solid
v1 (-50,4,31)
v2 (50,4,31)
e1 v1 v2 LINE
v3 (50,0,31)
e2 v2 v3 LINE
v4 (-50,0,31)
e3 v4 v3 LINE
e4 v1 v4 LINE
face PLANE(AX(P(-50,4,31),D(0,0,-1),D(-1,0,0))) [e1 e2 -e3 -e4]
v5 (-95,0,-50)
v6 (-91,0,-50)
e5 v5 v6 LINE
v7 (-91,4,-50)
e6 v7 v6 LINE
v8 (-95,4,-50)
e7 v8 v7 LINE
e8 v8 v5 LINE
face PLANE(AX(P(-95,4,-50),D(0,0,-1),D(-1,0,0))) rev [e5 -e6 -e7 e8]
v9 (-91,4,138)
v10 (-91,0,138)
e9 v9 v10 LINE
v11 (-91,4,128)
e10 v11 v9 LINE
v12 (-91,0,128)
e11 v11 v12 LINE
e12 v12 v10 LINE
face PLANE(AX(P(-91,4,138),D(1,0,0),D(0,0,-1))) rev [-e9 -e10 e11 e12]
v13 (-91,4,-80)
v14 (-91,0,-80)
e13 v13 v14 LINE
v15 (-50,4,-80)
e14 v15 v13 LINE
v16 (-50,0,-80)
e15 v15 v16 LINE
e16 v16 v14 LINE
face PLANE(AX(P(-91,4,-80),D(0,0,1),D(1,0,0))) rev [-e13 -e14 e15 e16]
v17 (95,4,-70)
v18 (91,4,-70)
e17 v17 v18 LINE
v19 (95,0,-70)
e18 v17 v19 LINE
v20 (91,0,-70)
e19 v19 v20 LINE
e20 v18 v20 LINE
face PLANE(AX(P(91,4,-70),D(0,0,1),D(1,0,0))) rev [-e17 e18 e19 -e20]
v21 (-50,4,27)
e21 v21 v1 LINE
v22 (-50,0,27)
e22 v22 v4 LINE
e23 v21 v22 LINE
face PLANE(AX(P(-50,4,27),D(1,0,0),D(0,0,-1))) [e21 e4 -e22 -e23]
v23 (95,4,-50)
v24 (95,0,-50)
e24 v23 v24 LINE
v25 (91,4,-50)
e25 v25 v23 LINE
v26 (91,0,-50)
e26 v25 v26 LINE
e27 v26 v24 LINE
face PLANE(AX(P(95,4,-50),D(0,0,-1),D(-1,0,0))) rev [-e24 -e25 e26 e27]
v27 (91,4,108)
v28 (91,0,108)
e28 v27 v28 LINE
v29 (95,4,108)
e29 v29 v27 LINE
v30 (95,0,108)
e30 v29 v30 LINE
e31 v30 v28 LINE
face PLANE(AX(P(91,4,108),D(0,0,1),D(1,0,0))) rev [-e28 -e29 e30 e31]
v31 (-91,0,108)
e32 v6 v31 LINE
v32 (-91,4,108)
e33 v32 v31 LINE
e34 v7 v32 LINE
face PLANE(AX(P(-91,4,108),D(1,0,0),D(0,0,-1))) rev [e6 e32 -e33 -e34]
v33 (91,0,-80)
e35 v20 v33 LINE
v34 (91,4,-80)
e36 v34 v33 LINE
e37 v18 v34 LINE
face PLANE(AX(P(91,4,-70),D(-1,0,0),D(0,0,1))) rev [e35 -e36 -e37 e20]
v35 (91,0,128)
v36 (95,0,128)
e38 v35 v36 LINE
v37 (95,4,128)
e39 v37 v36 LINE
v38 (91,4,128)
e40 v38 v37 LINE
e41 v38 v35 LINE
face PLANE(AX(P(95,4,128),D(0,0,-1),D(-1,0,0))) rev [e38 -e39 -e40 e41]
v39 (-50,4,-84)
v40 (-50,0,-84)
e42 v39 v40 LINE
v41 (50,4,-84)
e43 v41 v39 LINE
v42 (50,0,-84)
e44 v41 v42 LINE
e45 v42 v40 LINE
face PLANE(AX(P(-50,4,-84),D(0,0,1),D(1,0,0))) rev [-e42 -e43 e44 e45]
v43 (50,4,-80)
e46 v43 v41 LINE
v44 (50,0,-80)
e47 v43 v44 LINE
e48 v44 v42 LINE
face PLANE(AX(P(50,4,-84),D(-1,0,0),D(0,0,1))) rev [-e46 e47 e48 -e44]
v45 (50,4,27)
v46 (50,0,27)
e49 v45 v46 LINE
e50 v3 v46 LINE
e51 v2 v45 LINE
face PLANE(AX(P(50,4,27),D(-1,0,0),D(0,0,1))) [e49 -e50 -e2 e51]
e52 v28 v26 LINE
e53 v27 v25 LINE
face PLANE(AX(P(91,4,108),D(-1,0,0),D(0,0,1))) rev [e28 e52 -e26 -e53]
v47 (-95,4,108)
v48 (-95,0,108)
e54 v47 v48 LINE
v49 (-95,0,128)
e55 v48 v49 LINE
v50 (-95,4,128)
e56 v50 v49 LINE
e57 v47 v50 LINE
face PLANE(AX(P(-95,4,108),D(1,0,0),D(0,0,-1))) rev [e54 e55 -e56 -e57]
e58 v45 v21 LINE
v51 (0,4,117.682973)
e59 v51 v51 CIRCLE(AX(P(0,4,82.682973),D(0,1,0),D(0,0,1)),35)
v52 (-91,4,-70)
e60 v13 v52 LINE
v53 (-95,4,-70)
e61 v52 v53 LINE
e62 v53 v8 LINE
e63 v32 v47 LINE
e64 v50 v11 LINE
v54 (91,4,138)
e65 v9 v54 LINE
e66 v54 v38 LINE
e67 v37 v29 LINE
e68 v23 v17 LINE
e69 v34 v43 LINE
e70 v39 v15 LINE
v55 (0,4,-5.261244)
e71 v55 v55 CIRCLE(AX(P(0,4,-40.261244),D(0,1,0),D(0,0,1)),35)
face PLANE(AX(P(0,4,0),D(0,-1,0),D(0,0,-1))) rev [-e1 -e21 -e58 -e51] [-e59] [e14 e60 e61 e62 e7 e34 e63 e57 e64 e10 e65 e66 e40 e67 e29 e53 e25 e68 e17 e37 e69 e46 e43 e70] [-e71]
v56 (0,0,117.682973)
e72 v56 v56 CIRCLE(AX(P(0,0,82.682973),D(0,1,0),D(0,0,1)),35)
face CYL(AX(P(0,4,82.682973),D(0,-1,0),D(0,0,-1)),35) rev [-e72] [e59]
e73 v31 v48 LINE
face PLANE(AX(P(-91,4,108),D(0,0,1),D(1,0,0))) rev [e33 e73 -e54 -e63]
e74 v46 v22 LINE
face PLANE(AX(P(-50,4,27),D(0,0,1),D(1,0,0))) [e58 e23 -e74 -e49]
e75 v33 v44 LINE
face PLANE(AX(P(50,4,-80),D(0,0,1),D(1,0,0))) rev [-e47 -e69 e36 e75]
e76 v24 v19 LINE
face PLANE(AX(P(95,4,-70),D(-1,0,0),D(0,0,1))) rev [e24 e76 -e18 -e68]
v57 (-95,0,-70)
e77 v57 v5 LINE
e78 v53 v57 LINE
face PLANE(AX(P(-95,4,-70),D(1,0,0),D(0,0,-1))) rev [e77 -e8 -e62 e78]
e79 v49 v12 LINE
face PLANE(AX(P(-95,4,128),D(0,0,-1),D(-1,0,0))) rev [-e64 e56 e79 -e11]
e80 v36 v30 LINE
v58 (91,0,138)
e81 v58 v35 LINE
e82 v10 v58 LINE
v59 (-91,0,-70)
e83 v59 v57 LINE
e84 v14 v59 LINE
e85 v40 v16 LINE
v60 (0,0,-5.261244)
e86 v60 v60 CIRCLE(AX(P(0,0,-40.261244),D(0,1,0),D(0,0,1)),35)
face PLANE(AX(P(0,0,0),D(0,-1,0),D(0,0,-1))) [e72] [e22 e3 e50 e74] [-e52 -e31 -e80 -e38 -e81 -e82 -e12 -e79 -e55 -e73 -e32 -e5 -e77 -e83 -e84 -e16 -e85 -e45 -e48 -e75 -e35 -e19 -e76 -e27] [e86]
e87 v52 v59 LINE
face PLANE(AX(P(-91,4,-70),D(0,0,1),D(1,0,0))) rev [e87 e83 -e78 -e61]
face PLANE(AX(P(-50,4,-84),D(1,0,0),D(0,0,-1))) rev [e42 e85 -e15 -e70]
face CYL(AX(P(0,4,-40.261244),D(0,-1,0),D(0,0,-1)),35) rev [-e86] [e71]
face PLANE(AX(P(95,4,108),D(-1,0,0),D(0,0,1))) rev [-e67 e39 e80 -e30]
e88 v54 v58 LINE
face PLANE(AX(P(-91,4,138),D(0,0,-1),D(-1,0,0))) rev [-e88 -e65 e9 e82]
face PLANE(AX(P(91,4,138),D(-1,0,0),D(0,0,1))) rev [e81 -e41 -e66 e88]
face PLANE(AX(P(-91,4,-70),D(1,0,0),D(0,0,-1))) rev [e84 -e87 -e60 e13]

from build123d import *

# Parameters (mm, degrees)
SKETCH2_R           = 35
SKETCH2_W           = 100
SKETCH2_H           = 4
BOSS_EXTRUDE1_DEPTH = 4


with BuildPart() as part:
    # Sketch2 → Boss-Extrude1 (new body)
    with BuildSketch(Plane(origin=(0, 0, 0), x_dir=(1, 0, 0), z_dir=(0, 1, 0))):
        Polygon((-50, 84), (50, 84), (50, 80), (91, 80), (91, 70), (95, 70), (95, 50), (91, 50), (91, -108), (95, -108), (95, -128), (91, -128), (91, -138), (-91, -138), (-91, -128), (-95, -128), (-95, -108), (-91, -108), (-91, 50), (-95, 50), (-95, 70), (-91, 70), (-91, 80), (-50, 80), align=None)
        with Locations((0, 40.261243559)):
            Circle(SKETCH2_R, mode=Mode.SUBTRACT)
        with Locations((0, -82.68297303)):
            Circle(SKETCH2_R, mode=Mode.SUBTRACT)
        with Locations((0, -29)):
            Rectangle(SKETCH2_W, SKETCH2_H, mode=Mode.SUBTRACT)
    extrude(amount=BOSS_EXTRUDE1_DEPTH)


solid = part.part
